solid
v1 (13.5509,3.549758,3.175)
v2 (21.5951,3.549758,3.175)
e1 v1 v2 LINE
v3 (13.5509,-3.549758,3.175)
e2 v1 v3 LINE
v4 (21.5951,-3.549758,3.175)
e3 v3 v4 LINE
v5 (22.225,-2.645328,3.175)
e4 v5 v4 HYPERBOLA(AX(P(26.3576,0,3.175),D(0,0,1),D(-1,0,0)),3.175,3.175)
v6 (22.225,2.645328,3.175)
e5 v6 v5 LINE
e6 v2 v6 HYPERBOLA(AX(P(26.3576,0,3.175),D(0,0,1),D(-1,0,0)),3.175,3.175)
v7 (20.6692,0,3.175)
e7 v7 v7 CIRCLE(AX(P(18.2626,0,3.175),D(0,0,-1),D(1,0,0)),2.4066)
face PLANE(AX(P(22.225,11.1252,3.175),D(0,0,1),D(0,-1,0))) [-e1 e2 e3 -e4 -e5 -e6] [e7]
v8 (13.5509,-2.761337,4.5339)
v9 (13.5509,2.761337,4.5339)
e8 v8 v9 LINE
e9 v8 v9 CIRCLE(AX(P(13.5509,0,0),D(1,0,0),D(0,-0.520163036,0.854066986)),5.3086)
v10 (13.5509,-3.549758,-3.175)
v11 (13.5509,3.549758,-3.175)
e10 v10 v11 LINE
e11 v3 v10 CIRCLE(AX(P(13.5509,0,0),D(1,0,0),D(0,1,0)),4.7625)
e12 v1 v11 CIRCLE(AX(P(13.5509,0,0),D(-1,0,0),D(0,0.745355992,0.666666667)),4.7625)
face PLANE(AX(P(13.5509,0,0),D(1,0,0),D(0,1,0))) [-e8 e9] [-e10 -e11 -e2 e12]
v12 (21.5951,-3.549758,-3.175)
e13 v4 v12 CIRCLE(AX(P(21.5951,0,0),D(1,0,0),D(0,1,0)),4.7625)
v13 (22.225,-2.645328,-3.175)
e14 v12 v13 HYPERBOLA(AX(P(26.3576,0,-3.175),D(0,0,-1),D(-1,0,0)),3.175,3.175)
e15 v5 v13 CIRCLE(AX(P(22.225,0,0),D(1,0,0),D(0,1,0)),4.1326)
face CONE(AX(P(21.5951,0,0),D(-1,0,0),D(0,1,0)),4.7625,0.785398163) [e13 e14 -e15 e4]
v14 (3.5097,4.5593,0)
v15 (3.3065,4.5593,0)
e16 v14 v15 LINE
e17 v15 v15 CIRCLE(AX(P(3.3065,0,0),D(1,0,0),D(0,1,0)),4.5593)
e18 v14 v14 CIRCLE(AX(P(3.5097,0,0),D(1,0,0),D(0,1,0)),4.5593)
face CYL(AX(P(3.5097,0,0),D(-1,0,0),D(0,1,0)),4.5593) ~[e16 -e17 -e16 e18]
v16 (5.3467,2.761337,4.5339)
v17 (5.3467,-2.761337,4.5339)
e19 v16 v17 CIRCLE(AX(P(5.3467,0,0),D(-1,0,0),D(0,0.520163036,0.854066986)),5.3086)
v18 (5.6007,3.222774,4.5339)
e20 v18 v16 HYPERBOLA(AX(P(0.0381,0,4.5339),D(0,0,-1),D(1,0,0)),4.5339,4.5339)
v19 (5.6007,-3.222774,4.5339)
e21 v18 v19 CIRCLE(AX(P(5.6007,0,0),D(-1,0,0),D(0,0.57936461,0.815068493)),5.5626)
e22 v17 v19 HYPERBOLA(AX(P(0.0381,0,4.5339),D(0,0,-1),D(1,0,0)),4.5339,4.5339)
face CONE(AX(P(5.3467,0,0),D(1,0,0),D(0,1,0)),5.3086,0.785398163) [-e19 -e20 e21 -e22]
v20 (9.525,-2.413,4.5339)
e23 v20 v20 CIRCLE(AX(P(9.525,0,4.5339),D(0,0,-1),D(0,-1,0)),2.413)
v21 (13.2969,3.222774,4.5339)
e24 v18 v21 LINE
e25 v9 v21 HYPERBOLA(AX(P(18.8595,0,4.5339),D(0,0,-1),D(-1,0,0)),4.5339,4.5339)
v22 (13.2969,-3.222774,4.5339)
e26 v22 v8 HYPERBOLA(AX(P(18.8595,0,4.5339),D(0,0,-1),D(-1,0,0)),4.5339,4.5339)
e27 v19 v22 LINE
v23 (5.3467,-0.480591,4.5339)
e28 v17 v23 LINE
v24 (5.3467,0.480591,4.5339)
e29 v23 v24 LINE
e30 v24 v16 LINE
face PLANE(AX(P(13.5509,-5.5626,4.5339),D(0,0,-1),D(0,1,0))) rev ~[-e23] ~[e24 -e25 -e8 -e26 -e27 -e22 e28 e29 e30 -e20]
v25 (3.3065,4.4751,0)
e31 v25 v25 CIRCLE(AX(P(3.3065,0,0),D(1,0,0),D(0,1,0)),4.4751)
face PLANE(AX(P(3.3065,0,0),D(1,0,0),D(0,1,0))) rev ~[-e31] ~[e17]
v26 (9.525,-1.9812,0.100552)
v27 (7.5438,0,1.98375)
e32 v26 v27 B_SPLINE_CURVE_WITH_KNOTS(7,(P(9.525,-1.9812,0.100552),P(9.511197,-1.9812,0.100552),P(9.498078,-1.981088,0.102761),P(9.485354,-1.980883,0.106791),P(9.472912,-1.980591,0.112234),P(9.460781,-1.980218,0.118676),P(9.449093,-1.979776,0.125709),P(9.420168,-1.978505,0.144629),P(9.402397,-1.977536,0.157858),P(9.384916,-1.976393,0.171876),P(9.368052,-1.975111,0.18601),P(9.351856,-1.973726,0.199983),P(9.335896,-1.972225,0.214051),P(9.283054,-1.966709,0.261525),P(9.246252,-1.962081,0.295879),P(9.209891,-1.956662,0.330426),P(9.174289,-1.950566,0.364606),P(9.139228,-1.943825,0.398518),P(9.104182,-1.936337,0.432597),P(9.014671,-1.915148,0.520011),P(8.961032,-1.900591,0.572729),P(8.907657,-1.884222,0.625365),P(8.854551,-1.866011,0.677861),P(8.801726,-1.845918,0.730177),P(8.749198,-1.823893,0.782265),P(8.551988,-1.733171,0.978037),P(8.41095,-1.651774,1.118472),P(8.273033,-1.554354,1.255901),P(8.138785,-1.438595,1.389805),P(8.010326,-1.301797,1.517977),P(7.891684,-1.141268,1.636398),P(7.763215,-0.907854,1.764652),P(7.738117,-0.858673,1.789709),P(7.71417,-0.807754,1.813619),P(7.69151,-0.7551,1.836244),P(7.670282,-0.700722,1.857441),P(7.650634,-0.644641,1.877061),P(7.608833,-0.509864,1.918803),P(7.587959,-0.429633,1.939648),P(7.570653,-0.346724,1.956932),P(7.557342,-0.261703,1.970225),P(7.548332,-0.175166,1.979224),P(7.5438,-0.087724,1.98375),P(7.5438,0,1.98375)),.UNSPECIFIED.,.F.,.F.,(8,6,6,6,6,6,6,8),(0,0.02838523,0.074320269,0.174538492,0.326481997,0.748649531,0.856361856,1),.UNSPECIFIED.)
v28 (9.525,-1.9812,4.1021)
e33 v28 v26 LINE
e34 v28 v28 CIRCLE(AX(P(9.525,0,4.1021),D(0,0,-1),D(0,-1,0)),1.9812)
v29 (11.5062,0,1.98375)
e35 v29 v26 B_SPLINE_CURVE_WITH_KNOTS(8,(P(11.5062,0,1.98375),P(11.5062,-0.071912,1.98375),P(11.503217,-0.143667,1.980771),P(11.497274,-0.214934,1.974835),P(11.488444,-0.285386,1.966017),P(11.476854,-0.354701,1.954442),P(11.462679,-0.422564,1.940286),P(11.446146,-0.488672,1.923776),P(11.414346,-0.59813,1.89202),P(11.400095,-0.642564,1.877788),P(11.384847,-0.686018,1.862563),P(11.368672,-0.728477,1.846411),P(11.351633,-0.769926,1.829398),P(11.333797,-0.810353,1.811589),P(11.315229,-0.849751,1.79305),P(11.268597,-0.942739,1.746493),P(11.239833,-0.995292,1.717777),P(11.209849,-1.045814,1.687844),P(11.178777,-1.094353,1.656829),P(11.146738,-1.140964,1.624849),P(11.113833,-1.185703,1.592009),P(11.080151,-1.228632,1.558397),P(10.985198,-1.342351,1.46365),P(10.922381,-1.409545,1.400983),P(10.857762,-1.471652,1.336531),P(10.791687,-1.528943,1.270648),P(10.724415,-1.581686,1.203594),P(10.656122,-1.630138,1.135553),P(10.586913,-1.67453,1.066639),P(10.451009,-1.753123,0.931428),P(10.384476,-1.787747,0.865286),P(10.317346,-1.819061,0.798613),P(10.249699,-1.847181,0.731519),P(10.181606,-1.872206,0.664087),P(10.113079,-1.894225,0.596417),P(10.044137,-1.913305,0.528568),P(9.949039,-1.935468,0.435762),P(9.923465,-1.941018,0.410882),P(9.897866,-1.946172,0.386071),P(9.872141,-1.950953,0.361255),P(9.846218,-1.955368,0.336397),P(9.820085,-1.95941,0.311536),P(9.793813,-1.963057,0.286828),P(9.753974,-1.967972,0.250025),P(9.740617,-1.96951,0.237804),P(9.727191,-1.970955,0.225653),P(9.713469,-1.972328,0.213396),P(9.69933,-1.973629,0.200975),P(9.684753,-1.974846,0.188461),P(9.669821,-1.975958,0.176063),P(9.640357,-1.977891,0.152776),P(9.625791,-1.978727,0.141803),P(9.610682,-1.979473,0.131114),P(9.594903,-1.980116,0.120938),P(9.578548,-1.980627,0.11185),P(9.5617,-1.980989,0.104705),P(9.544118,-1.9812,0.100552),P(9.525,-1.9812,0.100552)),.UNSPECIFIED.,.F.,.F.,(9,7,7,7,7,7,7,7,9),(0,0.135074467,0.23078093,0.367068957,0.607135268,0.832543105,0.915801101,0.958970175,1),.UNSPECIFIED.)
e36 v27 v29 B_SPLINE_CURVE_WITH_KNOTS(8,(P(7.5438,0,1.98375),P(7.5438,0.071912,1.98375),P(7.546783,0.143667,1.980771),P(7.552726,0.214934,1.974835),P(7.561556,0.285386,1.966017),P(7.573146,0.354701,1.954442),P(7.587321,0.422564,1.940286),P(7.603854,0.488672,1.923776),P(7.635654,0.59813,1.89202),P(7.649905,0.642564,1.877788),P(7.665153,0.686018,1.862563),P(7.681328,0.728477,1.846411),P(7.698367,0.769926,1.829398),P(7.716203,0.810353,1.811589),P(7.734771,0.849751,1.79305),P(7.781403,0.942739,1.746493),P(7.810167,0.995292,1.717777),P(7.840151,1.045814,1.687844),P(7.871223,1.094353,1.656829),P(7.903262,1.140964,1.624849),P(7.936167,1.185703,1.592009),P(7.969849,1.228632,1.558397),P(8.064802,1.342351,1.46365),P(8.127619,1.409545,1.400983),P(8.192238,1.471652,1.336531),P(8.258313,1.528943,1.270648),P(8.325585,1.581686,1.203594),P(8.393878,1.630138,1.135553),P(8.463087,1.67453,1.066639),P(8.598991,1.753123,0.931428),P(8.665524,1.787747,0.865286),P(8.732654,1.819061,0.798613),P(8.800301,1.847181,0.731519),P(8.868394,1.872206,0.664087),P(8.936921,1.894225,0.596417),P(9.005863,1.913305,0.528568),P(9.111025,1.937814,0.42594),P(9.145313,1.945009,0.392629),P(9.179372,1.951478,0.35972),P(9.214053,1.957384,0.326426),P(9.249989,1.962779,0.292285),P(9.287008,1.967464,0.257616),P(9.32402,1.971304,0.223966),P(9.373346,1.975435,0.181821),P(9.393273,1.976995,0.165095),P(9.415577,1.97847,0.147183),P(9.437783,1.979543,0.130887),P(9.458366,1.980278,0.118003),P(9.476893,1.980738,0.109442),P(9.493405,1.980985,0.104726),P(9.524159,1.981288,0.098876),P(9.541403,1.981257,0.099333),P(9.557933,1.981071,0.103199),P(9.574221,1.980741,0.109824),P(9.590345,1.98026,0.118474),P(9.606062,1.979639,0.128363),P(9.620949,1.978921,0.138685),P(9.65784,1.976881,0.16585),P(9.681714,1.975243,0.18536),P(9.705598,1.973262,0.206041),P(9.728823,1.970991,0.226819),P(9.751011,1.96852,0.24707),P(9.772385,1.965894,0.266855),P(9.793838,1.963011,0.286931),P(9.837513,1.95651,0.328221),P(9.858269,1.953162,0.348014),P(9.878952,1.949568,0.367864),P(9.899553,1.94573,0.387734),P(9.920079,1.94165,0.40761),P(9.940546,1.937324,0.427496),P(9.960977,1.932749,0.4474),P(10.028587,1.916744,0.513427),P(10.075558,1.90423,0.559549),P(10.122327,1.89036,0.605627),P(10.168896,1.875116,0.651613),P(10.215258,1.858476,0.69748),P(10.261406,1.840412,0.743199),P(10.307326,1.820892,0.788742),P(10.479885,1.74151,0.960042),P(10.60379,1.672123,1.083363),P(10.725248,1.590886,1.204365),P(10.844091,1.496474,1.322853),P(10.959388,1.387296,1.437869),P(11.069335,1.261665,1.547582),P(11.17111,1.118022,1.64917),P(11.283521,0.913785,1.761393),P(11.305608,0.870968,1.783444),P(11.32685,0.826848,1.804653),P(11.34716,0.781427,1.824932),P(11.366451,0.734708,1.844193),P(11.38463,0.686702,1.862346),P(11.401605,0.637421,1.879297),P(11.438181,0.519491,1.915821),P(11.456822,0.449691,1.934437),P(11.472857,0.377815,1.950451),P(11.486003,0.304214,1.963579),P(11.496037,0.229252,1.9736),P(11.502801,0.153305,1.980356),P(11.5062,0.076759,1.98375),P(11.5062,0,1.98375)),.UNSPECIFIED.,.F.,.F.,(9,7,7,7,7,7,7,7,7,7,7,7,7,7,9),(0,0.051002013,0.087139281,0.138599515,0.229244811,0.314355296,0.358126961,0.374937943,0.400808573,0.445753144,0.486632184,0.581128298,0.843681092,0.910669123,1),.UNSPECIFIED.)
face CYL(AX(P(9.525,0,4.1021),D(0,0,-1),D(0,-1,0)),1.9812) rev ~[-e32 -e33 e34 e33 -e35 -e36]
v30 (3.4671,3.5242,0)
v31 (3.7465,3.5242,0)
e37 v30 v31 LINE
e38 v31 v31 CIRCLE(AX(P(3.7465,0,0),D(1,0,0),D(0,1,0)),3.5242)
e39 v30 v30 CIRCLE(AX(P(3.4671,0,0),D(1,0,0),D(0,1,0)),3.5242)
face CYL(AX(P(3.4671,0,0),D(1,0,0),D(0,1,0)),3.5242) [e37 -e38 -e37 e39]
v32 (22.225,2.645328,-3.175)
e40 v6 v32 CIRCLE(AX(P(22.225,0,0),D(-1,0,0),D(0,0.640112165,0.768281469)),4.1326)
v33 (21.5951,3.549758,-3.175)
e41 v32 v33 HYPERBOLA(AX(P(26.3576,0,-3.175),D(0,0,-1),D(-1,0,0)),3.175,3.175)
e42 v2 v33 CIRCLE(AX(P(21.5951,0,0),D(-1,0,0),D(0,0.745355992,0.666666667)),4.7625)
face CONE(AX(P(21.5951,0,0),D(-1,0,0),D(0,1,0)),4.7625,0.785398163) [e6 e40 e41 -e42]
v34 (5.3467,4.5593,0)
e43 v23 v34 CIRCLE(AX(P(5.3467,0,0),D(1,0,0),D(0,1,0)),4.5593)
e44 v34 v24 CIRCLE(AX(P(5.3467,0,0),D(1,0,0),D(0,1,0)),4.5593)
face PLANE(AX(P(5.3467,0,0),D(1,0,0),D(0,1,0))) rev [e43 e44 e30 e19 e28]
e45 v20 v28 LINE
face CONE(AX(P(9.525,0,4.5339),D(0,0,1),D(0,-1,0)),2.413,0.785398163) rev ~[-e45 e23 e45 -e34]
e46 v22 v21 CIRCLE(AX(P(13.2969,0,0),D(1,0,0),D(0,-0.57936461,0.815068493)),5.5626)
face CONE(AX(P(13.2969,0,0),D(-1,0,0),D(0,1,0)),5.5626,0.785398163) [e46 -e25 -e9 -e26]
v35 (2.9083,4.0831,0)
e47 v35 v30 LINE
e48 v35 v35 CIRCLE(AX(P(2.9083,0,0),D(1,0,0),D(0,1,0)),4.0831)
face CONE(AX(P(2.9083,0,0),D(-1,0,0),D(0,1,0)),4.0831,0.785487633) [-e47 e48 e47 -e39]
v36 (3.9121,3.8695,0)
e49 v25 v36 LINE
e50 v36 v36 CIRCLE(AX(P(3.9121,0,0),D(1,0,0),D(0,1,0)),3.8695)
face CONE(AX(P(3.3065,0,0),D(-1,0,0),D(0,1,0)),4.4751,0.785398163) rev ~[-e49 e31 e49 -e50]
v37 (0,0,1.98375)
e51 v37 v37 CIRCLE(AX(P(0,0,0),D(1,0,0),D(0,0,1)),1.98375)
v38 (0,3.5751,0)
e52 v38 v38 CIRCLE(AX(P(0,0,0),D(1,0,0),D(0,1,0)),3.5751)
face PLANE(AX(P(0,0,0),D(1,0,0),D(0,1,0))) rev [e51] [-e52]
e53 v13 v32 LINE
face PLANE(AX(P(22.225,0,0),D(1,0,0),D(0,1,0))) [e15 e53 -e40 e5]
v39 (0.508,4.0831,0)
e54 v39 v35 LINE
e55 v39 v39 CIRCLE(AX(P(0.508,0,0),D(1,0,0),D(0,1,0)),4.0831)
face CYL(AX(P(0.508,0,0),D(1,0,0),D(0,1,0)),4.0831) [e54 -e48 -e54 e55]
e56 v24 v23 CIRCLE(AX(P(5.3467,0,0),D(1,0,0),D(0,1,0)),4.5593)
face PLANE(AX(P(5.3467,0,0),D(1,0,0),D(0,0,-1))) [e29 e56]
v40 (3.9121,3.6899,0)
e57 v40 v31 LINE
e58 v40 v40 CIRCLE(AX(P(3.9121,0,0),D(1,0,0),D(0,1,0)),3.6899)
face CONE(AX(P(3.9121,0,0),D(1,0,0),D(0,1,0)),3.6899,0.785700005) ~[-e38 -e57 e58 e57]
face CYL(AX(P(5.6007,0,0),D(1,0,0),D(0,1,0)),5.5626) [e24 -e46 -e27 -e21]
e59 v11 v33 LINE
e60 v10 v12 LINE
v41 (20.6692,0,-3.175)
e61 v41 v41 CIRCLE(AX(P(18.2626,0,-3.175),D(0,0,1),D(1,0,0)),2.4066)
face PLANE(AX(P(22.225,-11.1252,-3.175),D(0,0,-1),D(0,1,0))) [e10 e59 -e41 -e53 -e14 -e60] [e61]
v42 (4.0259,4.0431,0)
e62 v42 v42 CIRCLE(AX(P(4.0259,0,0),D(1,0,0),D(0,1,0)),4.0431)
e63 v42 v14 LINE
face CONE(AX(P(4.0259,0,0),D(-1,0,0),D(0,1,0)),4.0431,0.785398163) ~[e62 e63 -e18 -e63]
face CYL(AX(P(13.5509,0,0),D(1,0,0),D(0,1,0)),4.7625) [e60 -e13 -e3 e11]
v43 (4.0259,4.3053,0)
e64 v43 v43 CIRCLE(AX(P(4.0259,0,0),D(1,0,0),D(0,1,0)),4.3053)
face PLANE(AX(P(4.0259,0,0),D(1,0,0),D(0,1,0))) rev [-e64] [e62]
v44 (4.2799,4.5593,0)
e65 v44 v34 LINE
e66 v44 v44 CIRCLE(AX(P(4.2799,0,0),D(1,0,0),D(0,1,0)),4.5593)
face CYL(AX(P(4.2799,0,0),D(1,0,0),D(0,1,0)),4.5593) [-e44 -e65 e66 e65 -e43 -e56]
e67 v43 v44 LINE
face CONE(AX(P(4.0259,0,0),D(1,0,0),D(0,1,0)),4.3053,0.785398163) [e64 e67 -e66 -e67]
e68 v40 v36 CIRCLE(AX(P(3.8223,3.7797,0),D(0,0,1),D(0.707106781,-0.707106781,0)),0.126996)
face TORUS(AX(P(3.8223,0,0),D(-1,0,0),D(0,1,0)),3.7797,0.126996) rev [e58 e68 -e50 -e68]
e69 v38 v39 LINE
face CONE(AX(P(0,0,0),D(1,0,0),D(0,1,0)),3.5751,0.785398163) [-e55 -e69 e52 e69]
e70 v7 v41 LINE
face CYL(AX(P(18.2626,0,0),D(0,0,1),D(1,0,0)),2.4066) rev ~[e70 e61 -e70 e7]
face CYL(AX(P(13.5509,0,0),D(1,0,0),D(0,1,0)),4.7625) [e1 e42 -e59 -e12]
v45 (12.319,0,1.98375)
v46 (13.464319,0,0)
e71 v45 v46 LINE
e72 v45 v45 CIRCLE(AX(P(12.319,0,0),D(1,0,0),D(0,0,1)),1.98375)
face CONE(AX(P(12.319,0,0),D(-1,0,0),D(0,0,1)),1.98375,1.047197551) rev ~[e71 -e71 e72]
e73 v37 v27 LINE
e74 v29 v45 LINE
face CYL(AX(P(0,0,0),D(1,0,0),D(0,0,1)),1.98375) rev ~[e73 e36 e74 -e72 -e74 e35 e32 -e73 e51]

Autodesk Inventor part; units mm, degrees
sketch "Sketch_8" plane through (0, 0, 0) normal (0, 0, 1) x (1, 0, 0)
  line L0 (13.5509, 0) -> (0, 0)
  line L1 (0, 0) -> (0, 3.5751)
  line L2 (0, 3.5751) -> (0.508, 4.0831)
  line L3 (0.508, 4.0831) -> (2.9083, 4.0831)
  line L4 (2.9083, 4.0831) -> (3.4671, 3.5242)
  line L5 (3.4671, 3.5242) -> (4.0259, 3.5242)
  line L6 (4.0259, 3.5242) -> (4.0259, 4.3053)
  line L7 (4.0259, 4.3053) -> (4.2799, 4.5593)
  line L8 (4.2799, 4.5593) -> (5.3467, 4.5593)
  line L9 (5.3467, 4.5593) -> (5.3467, 5.3086)
  line L10 (5.3467, 5.3086) -> (5.6007, 5.5626)
  line L11 (5.6007, 5.5626) -> (13.2969, 5.5626)
  line L12 (13.2969, 5.5626) -> (13.5509, 5.3086)
  line L13 (13.5509, 5.3086) -> (13.5509, 0)
  line L14 (13.5509, 0) -> (0, 0)
revolve "Revolution1" add sketch "Sketch_8" angle 360 about axis through (13.5509, 0, 0) along (1, 0, 0)
sketch "Sketch_14" plane through (0, 0, 0) normal (0, 0, 1) x (1, 0, 0)
  line L0 (22.225, 0) -> (13.5509, 0)
  line L1 (13.5509, 0) -> (13.5509, 4.7625)
  line L2 (13.5509, 4.7625) -> (21.5951, 4.7625)
  line L3 (21.5951, 4.7625) -> (22.225, 4.1326)
  line L4 (22.225, 4.1326) -> (22.225, 0)
  line L5 (22.225, 0) -> (13.5509, 0)
revolve "Revolution2" add sketch "Sketch_14" angle 360 about axis through (22.225, 0, 0) along (1, 0, 0)
thread "Thread1" size "3/8-24 UNF" class "2A" standard "ANSI Unified Screw Threads" full length
sketch "Sketch_9" plane through (22.225, 0, 0) normal (1, 0, 0) x (0, 0, -1)
  line L0 (-11.1252, -22.2504) -> (11.1252, -22.2504)
  line L1 (11.1252, -22.2504) -> (11.1252, 22.2504)
  line L2 (11.1252, 22.2504) -> (-11.1252, 22.2504)
  line L3 (-11.1252, 22.2504) -> (-11.1252, -22.2504)
  line L4 (-3.175, -11.1252) -> (3.175, -11.1252)
  line L5 (3.175, -11.1252) -> (3.175, 11.1252)
  line L6 (3.175, 11.1252) -> (-3.175, 11.1252)
  line L7 (-3.175, 11.1252) -> (-3.175, -11.1252)
extrude "Extrusion1" cut sketch "Sketch_9" against normal blind 8.6741
sketch "Sketch_44" plane through (13.5509, 0, 0) normal (1, 0, 0) x (0, 0, -1)
  line L0 (-10.0965, 5.5626) -> (-10.0965, -5.5626)
  line L1 (-10.0965, -5.5626) -> (-4.5339, -5.5626)
  line L2 (-4.5339, -5.5626) -> (-4.5339, 5.5626)
  line L3 (-4.5339, 5.5626) -> (-10.0965, 5.5626)
extrude "Extrusion2" cut sketch "Sketch_44" against normal blind 8.2042
sketch "Sketch5" plane through (0, 0, 0) normal (-1, 0, 0) x (0, 0, 1)
  point P0 (0, 0)
hole "Drilling 1" at (0, 0, 0) direction (1, 0, 0) diameter 3.9675 depth 12.319 tip angle 120
sketch "Sketch6" plane through (5.6007, 3.2228, 4.5339) normal (0, 0, 1) x (1, 0, 0)
  point P0 (3.9243, -3.2228)
hole "Drilling 2" at (9.525, 0, 4.5339) direction (0, 0, -1) diameter 3.9624 depth 4.5339 countersink diameter 4.826 countersink angle 90 thread size "10-32 UNF" class "2B" standard "ANSI Unified Screw Threads"
sketch "Sketch_24" plane through (0, 0, 0) normal (0, 0, 1) x (1, 0, 0)
  line L0 (4.0259, 0) -> (3.4671, 0)
  line L1 (3.3065, 4.4751) -> (3.9121, 3.8695)
  arc A0 (3.9121, 3.6899) -> (3.9121, 3.8695) centre (3.8223, 3.7797) ccw
  line L2 (3.9121, 3.6899) -> (3.7465, 3.5242)
  line L3 (3.7465, 3.5242) -> (3.4671, 3.5242)
  line L4 (3.4671, 3.5242) -> (3.4671, 3.2702)
  line L5 (3.4671, 3.2702) -> (4.0259, 3.2702)
  line L6 (4.0259, 3.2702) -> (4.0259, 4.0431)
  line L7 (4.0259, 4.0431) -> (3.5097, 4.5593)
  line L8 (3.5097, 4.5593) -> (3.3065, 4.5593)
  line L9 (3.3065, 4.5593) -> (3.3065, 4.4751)
revolve "Revolution3" add sketch "Sketch_24" angle 360 about axis through (4.0259, 0, 0) along (1, 0, 0)
sketch "Sketch_43" plane through (0, 0, 0) normal (0, 0, 1) x (1, 0, 0)
  circle A0 centre (18.2626, 0) radius 2.4066
extrude "Extrusion3" cut sketch "Sketch_43" along normal mid plane 9.525
ref_plane "to_tube_XY" through (3.4671, 0, 0) normal (1, 0, 0) x (0, 0, -1)
ref_plane "to_tube_YZ" through (3.4671, 0, 0) normal (0, 0, -1) x (0, 1, 0)
ref_plane "to_tube_ZX" through (3.4671, 0, 0) normal (0, 1, 0) x (1, 0, 0)
ref_plane "to_nut_XY" through (13.5509, 0, 0) normal (1, 0, 0) x (0, 0, -1)
ref_plane "to_nut_YZ" through (13.5509, 0, 0) normal (0, 0, -1) x (0, 1, 0)
ref_plane "to_nut_ZX" through (13.5509, 0, 0) normal (0, 1, 0) x (1, 0, 0)
ref_plane "lovra1_XY" through (22.225, 0, 0) normal (1, 0, 0) x (0, 0, -1)
ref_plane "lovra1_YZ" through (22.225, 0, 0) normal (0, 0, -1) x (0, 1, 0)
ref_plane "lovra1_ZX" through (22.225, 0, 0) normal (0, 1, 0) x (1, 0, 0)
ref_plane "lovra2_XY" through (22.225, 0, 0) normal (1, 0, 0) x (0, 0, -1)
ref_plane "lovra2_YZ" through (22.225, 0, 0) normal (0, 0, -1) x (0, 1, 0)
ref_plane "lovra2_ZX" through (22.225, 0, 0) normal (0, 1, 0) x (1, 0, 0)
ref_plane "lovra3_XY" through (22.225, 0, 0) normal (1, 0, 0) x (0, 0, -1)
ref_plane "lovra3_YZ" through (22.225, 0, 0) normal (0, 0, -1) x (0, 1, 0)
ref_plane "lovra3_ZX" through (22.225, 0, 0) normal (0, 1, 0) x (1, 0, 0)
ref_plane "to_pin_XY" through (18.2626, 0, 0) normal (0, 0, 1) x (1, 0, 0)
ref_plane "to_pin_YZ" through (18.2626, 0, 0) normal (1, 0, 0) x (0, 1, 0)
ref_plane "to_pin_ZX" through (18.2626, 0, 0) normal (0, 1, 0) x (0, 0, 1)
ref_plane "olen_XY" through (18.2626, 0, 0) normal (1, 0, 0) x (0, 0, -1)
ref_plane "olen_YZ" through (18.2626, 0, 0) normal (0, 0, -1) x (0, 1, 0)
ref_plane "olen_ZX" through (18.2626, 0, 0) normal (0, 1, 0) x (1, 0, 0)
ref_plane "thd1_XY" through (22.225, 0, 4.7625) normal (1, 0, 0) x (0, 0, -1)
ref_plane "thd1_YZ" through (22.225, 0, 4.7625) normal (0, 0, -1) x (0, 1, 0)
ref_plane "thd1_ZX" through (22.225, 0, 4.7625) normal (0, 1, 0) x (1, 0, 0)
ref_plane "p1_XY" through (22.225, 0, 3.175) normal (1, 0, 0) x (0, 0, -1)
ref_plane "p1_YZ" through (22.225, 0, 3.175) normal (0, 0, -1) x (0, 1, 0)
ref_plane "p1_ZX" through (22.225, 0, 3.175) normal (0, 1, 0) x (1, 0, 0)
ref_plane "thd2_XY" through (22.225, 0, -4.7625) normal (1, 0, 0) x (0, 0, -1)
ref_plane "thd2_YZ" through (22.225, 0, -4.7625) normal (0, 0, -1) x (0, 1, 0)
ref_plane "thd2_ZX" through (22.225, 0, -4.7625) normal (0, 1, 0) x (1, 0, 0)
ref_plane "p2_XY" through (22.225, 0, -3.175) normal (1, 0, 0) x (0, 0, -1)
ref_plane "p2_YZ" through (22.225, 0, -3.175) normal (0, 0, -1) x (0, 1, 0)
ref_plane "p2_ZX" through (22.225, 0, -3.175) normal (0, 1, 0) x (1, 0, 0)
ref_plane "port2_XY" through (22.225, 0, 0) normal (1, 0, 0) x (0, 0, -1)
ref_plane "port2_YZ" through (22.225, 0, 0) normal (0, 0, -1) x (0, 1, 0)
ref_plane "port2_ZX" through (22.225, 0, 0) normal (0, 1, 0) x (1, 0, 0)
ref_plane "port_XY" through (9.525, 0, 0) normal (0, 0, 1) x (1, 0, 0)
ref_plane "port_YZ" through (9.525, 0, 0) normal (1, 0, 0) x (0, 1, 0)
ref_plane "port_ZX" through (9.525, 0, 0) normal (0, 1, 0) x (0, 0, 1)
ref_plane "1_XY" through (13.5509, 0, 0) normal (1, 0, 0) x (0, 0, -1)
ref_plane "1_YZ" through (13.5509, 0, 0) normal (0, 0, -1) x (0, 1, 0)
ref_plane "1_ZX" through (13.5509, 0, 0) normal (0, 1, 0) x (1, 0, 0)
ref_plane "lovra21_XY" through (0, 0, 5.2705) normal (1, 0, 0) x (0, 0, -1)
ref_plane "lovra21_YZ" through (0, 0, 5.2705) normal (0, 0, -1) x (0, 1, 0)
ref_plane "lovra21_ZX" through (0, 0, 5.2705) normal (0, 1, 0) x (1, 0, 0)
ref_plane "lovra22_XY" through (0, 0, -5.2705) normal (1, 0, 0) x (0, 0, -1)
ref_plane "lovra22_YZ" through (0, 0, -5.2705) normal (0, 0, -1) x (0, 1, 0)
ref_plane "lovra22_ZX" through (0, 0, -5.2705) normal (0, 1, 0) x (1, 0, 0)
ref_plane "to_screw_XY" through (9.525, 0, 0) normal (0, 1, 0) x (1, 0, 0)
ref_plane "to_screw_YZ" through (9.525, 0, 0) normal (1, 0, 0) x (0, 0, -1)
ref_plane "to_screw_ZX" through (9.525, 0, 0) normal (0, 0, -1) x (0, 1, 0)
ref_plane "to_mounting_bracket_XY" through (13.5509, 0, 0) normal (1, 0, 0) x (0, 0, -1)
ref_plane "to_mounting_bracket_YZ" through (13.5509, 0, 0) normal (0, 0, -1) x (0, 1, 0)
ref_plane "to_mounting_bracket_ZX" through (13.5509, 0, 0) normal (0, 1, 0) x (1, 0, 0)
properties part number "007P0Y000_rear_head"
